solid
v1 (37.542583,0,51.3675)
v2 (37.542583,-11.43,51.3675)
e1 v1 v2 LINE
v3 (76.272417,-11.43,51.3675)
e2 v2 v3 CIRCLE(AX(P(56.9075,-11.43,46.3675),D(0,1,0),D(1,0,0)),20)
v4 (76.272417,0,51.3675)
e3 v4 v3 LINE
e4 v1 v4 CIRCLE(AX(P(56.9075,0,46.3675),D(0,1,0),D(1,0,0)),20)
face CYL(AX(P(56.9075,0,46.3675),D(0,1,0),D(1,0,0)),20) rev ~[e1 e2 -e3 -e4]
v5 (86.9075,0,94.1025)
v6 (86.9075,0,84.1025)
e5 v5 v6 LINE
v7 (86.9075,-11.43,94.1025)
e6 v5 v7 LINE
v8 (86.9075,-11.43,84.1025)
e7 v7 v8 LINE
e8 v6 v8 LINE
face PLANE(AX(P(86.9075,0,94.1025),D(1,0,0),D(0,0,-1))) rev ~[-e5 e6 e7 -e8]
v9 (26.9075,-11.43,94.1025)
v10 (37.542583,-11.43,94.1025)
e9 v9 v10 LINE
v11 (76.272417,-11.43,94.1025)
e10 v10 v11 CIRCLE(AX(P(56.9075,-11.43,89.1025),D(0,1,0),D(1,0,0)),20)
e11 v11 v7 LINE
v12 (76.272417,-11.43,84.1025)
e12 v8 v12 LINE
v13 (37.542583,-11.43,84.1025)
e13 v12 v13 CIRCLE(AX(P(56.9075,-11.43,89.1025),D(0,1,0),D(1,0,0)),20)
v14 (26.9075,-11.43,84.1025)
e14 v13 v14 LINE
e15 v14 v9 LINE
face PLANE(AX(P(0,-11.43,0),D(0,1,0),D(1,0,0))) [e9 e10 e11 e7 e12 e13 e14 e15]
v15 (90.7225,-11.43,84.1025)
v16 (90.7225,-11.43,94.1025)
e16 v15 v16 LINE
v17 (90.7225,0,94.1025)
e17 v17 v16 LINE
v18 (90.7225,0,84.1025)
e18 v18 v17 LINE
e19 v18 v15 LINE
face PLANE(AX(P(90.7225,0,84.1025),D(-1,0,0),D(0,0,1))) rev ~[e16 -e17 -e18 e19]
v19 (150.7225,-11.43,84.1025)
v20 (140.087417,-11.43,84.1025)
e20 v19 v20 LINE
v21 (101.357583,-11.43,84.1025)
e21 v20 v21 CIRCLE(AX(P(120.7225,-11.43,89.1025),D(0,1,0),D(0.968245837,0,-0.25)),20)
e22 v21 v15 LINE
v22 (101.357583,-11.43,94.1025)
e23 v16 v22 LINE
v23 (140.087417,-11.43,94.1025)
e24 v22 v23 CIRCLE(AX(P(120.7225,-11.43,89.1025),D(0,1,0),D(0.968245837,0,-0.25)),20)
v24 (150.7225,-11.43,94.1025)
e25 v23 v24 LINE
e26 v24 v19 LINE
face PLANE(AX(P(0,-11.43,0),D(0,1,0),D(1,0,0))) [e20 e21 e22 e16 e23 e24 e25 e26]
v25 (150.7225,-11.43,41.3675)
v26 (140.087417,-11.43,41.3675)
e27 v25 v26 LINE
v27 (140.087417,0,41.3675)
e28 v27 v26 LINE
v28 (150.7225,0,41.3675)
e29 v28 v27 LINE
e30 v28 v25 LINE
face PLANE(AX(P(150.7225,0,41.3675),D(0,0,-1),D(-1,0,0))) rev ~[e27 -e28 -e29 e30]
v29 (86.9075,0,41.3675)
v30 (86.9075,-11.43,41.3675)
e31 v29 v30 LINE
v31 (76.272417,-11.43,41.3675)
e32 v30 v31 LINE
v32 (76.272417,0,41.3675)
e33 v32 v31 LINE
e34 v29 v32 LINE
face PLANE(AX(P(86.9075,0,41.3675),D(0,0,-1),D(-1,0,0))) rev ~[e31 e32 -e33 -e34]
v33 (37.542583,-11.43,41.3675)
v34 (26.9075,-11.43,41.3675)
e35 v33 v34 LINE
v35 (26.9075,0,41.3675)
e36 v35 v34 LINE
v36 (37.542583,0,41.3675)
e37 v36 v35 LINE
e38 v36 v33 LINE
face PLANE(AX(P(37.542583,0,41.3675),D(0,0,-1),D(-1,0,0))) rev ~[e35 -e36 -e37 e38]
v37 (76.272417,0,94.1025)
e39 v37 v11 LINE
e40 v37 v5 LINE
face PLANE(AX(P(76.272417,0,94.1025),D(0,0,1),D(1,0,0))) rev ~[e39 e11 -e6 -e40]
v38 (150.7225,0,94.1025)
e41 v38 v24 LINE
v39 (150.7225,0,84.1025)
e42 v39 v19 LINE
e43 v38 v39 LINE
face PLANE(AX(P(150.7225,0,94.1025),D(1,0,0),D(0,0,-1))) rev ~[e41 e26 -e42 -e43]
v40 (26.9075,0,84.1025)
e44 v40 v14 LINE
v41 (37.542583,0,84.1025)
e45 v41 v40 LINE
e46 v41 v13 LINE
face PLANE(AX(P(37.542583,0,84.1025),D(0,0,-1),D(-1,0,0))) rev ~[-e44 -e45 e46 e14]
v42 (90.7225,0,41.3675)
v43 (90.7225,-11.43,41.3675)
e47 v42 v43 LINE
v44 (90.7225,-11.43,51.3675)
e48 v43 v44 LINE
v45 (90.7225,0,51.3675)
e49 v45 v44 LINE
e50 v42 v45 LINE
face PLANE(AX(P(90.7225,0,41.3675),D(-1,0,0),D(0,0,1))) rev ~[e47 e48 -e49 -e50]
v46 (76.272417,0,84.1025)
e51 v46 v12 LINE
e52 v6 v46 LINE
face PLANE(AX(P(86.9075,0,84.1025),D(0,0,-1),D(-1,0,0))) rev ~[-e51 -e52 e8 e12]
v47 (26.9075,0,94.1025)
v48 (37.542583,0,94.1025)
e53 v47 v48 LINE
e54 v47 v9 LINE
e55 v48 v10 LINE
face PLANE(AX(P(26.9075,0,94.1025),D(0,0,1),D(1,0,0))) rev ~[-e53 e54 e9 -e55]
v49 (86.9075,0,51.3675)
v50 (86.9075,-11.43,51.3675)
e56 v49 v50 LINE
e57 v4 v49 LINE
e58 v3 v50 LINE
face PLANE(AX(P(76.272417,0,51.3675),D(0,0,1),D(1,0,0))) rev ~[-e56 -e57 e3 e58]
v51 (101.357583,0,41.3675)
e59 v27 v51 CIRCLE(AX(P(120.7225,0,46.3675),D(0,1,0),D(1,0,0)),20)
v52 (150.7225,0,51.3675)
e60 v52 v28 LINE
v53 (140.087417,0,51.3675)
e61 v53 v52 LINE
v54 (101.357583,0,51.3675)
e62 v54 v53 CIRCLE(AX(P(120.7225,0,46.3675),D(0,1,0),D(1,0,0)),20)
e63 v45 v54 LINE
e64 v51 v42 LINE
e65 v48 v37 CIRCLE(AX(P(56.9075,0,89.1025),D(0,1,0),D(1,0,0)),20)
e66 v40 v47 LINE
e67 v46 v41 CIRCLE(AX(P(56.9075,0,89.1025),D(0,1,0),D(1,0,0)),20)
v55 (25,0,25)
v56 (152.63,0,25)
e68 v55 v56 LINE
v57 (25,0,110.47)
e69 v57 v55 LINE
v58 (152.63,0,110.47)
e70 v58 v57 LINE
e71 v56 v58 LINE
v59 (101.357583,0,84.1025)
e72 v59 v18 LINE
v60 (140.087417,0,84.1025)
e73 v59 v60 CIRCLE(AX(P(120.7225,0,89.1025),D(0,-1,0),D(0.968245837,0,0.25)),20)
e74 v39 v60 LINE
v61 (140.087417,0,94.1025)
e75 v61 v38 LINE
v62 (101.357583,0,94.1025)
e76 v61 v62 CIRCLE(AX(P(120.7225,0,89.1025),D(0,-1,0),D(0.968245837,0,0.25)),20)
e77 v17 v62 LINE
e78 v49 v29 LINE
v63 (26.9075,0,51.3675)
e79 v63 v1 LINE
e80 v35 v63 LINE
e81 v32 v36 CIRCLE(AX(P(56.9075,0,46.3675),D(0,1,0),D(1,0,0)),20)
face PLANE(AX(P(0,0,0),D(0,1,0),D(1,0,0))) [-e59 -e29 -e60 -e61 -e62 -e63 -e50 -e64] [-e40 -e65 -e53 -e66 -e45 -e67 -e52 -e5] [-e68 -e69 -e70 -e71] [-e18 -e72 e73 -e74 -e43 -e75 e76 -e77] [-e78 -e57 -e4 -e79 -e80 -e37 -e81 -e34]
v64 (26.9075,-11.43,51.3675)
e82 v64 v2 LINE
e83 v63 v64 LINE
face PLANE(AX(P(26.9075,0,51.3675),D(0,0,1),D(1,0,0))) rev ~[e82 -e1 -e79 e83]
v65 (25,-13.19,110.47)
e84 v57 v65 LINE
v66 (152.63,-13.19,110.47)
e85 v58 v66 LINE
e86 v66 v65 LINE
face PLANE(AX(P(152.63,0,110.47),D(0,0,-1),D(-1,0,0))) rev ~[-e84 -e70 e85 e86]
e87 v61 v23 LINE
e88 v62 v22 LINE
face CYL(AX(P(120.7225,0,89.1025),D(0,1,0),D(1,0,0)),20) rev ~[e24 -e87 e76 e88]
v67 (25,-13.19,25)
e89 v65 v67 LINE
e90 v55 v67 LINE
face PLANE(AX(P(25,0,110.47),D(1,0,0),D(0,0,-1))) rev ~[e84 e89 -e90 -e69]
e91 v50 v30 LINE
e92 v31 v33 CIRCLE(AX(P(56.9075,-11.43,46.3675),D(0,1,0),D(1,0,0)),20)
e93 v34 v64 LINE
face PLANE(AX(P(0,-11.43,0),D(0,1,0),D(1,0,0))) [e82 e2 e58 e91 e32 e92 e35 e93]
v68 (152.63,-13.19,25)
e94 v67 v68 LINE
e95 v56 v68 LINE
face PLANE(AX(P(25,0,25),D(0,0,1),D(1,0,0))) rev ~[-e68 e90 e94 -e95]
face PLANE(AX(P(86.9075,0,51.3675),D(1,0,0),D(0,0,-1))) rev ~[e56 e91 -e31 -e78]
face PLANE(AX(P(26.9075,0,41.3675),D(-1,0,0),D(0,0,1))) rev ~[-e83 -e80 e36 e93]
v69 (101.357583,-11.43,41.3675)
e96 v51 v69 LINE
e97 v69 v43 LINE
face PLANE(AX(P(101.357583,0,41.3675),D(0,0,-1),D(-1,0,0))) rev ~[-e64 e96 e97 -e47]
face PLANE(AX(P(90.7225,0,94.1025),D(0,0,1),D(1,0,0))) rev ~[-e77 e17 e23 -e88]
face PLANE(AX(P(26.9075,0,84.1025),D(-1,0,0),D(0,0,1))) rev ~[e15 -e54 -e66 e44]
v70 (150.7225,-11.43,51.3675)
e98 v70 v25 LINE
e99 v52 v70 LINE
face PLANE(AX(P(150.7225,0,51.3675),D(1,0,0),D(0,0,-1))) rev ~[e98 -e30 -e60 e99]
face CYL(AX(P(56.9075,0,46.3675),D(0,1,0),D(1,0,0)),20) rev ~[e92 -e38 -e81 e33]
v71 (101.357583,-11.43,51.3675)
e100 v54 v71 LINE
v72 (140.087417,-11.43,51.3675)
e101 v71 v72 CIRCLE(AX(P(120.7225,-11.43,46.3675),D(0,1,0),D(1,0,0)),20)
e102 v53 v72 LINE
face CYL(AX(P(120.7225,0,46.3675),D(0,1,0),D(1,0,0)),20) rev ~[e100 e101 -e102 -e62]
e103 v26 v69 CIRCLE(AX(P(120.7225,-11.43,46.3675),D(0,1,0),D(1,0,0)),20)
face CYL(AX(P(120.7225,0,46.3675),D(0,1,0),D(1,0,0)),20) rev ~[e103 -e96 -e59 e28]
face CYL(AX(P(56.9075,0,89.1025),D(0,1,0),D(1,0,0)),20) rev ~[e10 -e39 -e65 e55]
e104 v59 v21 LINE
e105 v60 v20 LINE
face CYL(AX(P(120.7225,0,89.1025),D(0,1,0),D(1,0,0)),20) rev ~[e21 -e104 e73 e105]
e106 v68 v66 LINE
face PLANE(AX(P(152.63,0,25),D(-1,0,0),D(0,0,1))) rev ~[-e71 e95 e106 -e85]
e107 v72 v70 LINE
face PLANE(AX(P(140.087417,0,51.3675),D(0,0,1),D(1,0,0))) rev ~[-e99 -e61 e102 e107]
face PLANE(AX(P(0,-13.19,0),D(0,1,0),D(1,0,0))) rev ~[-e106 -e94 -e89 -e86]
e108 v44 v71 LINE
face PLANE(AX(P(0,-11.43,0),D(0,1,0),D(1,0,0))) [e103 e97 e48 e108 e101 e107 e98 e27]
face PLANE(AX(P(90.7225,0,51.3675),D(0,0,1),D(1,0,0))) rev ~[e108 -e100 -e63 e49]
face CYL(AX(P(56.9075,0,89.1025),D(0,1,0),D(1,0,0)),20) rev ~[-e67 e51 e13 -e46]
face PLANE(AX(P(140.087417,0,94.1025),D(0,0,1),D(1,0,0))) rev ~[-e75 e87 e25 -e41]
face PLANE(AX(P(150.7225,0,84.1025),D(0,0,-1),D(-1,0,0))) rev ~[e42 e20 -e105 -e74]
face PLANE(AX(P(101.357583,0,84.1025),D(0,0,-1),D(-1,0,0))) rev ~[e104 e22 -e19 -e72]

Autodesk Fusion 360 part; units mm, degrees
sketch "Sketch1" plane through (0, 0, 0) normal (0, 1, 0) x (1, 0, 0)
  line L0 (25, -25) -> (152.63, -25)
  line L1 (152.63, -25) -> (152.63, -110.47)
  line L2 (152.63, -110.47) -> (25, -110.47)
  line L3 (25, -110.47) -> (25, -25)
  line L4 (25, -67.735) -> (152.63, -67.735) construction
  line L5 (88.815, -25) -> (88.815, -110.47) construction
  line L6 (88.815, -67.735) -> (25, -67.735) construction
  line L7 (56.9075, -67.735) -> (56.9075, -25) construction
  line L8 (56.9075, -67.735) -> (56.9075, -46.3675) construction
  line L9 (88.815, -67.735) -> (152.63, -67.735) construction
  line L10 (88.815, -67.735) -> (120.7225, -67.735) construction
  line L11 (120.7225, -67.735) -> (120.7225, -25) construction
  line L12 (120.7225, -67.735) -> (120.7225, -46.3675) construction
  circle A0 centre (56.9075, -46.3675) radius 20
  circle A1 centre (120.7225, -46.3675) radius 20
  line L13 (56.9075, -67.735) -> (56.9075, -110.47) construction
  line L14 (56.9075, -67.735) -> (56.9075, -89.1025) construction
  circle A2 centre (56.9075, -89.1025) radius 20
  line L15 (120.7225, -67.735) -> (120.7225, -110.47) construction
  line L16 (120.7225, -110.47) -> (120.7225, -89.1025) construction
  circle A3 centre (120.7225, -89.1025) radius 20
  line L17 (120.7225, -46.3675) -> (150.7225, -46.3675) construction
  line L18 (150.7225, -46.3675) -> (150.7225, -41.3675) construction
  line L19 (150.7225, -41.3675) -> (90.7225, -41.3675)
  line L20 (90.7225, -41.3675) -> (90.7225, -51.3675)
  line L21 (90.7225, -51.3675) -> (150.7225, -51.3675)
  line L22 (150.7225, -51.3675) -> (150.7225, -41.3675)
  line L23 (56.9075, -46.3675) -> (86.9075, -46.3675) construction
  line L24 (86.9075, -46.3675) -> (86.9075, -41.3675) construction
  line L25 (86.9075, -41.3675) -> (26.9075, -41.3675)
  line L26 (26.9075, -41.3675) -> (26.9075, -51.3675)
  line L27 (26.9075, -51.3675) -> (86.9075, -51.3675)
  line L28 (86.9075, -51.3675) -> (86.9075, -41.3675)
  line L29 (56.9075, -89.1025) -> (86.9075, -89.1025) construction
  line L30 (86.9075, -89.1025) -> (86.9075, -84.1025) construction
  line L31 (86.9075, -84.1025) -> (26.9075, -84.1025)
  line L32 (26.9075, -84.1025) -> (26.9075, -94.1025)
  line L33 (26.9075, -94.1025) -> (86.9075, -94.1025)
  line L34 (86.9075, -94.1025) -> (86.9075, -84.1025)
  line L35 (120.7225, -89.1025) -> (150.7225, -89.1025) construction
  line L36 (150.7225, -89.1025) -> (150.7225, -84.1025) construction
  line L37 (150.7225, -84.1025) -> (90.7225, -84.1025)
  line L38 (90.7225, -84.1025) -> (90.7225, -94.1025)
  line L39 (90.7225, -94.1025) -> (150.7225, -94.1025)
  line L40 (150.7225, -94.1025) -> (150.7225, -84.1025)
  dimension "d1" = 127.63
  dimension "d2" = 85.47
  dimension "d3" = 40
  dimension "d4" = 40
  dimension "d5" = 40
  dimension "d6" = 40
  dimension "d7" = 30
  dimension "d8" = 5
  dimension "d9" = 60
  dimension "d10" = 10
  dimension "d11" = 30
  dimension "d12" = 5
  dimension "d13" = 60
  dimension "d14" = 10
  dimension "d15" = 30
  dimension "d16" = 5
  dimension "d17" = 60
  dimension "d18" = 10
  dimension "d19" = 30
  dimension "d20" = 5
  dimension "d21" = 60
  dimension "d22" = 10
extrude "Extrude1" add sketch "Sketch1" against normal blind 20.19 contours L0 L1 L2 L3 | A0 L25 L27 | A0 L25 L27 L28 | A0 L25 | A0 L27 | A0 L25 L26 L27 | A1 L19 L21 | A1 L19 L21 L22 | A1 L19 | A1 L21 | A1 L19 L20 L21 | A2 L31 L33 | A2 L31 L33 L34 | A2 L31 | A2 L33 | A2 L31 L32 L33 | A3 L37 L39 | A3 L37 L39 L40 | A3 L37 | A3 L39 | A3 L37 L38 L39
extrude "Extrude2" cut sketch "Sketch1" against normal blind 11.43 contours A0 L25 L27 | A0 L25 L27 L28 | A0 L25 | A0 L27 | A0 L25 L26 L27 | A1 L19 L21 | A1 L19 L21 L22 | A1 L19 | A1 L21 | A1 L19 L20 L21 | A2 L31 L33 | A2 L31 L33 L34 | A2 L31 | A2 L33 | A2 L31 L32 L33 | A3 L37 L39 | A3 L37 L39 L40 | A3 L37 | A3 L39
extrude "Extrude3" cut sketch "Sketch1" against normal blind 11.43 contours A3 L37 L38 L39
extrude "Extrude4" cut 1 faces at (67.5433, -20.19, 53.49) along direction (0, 1, 0) blind 7
